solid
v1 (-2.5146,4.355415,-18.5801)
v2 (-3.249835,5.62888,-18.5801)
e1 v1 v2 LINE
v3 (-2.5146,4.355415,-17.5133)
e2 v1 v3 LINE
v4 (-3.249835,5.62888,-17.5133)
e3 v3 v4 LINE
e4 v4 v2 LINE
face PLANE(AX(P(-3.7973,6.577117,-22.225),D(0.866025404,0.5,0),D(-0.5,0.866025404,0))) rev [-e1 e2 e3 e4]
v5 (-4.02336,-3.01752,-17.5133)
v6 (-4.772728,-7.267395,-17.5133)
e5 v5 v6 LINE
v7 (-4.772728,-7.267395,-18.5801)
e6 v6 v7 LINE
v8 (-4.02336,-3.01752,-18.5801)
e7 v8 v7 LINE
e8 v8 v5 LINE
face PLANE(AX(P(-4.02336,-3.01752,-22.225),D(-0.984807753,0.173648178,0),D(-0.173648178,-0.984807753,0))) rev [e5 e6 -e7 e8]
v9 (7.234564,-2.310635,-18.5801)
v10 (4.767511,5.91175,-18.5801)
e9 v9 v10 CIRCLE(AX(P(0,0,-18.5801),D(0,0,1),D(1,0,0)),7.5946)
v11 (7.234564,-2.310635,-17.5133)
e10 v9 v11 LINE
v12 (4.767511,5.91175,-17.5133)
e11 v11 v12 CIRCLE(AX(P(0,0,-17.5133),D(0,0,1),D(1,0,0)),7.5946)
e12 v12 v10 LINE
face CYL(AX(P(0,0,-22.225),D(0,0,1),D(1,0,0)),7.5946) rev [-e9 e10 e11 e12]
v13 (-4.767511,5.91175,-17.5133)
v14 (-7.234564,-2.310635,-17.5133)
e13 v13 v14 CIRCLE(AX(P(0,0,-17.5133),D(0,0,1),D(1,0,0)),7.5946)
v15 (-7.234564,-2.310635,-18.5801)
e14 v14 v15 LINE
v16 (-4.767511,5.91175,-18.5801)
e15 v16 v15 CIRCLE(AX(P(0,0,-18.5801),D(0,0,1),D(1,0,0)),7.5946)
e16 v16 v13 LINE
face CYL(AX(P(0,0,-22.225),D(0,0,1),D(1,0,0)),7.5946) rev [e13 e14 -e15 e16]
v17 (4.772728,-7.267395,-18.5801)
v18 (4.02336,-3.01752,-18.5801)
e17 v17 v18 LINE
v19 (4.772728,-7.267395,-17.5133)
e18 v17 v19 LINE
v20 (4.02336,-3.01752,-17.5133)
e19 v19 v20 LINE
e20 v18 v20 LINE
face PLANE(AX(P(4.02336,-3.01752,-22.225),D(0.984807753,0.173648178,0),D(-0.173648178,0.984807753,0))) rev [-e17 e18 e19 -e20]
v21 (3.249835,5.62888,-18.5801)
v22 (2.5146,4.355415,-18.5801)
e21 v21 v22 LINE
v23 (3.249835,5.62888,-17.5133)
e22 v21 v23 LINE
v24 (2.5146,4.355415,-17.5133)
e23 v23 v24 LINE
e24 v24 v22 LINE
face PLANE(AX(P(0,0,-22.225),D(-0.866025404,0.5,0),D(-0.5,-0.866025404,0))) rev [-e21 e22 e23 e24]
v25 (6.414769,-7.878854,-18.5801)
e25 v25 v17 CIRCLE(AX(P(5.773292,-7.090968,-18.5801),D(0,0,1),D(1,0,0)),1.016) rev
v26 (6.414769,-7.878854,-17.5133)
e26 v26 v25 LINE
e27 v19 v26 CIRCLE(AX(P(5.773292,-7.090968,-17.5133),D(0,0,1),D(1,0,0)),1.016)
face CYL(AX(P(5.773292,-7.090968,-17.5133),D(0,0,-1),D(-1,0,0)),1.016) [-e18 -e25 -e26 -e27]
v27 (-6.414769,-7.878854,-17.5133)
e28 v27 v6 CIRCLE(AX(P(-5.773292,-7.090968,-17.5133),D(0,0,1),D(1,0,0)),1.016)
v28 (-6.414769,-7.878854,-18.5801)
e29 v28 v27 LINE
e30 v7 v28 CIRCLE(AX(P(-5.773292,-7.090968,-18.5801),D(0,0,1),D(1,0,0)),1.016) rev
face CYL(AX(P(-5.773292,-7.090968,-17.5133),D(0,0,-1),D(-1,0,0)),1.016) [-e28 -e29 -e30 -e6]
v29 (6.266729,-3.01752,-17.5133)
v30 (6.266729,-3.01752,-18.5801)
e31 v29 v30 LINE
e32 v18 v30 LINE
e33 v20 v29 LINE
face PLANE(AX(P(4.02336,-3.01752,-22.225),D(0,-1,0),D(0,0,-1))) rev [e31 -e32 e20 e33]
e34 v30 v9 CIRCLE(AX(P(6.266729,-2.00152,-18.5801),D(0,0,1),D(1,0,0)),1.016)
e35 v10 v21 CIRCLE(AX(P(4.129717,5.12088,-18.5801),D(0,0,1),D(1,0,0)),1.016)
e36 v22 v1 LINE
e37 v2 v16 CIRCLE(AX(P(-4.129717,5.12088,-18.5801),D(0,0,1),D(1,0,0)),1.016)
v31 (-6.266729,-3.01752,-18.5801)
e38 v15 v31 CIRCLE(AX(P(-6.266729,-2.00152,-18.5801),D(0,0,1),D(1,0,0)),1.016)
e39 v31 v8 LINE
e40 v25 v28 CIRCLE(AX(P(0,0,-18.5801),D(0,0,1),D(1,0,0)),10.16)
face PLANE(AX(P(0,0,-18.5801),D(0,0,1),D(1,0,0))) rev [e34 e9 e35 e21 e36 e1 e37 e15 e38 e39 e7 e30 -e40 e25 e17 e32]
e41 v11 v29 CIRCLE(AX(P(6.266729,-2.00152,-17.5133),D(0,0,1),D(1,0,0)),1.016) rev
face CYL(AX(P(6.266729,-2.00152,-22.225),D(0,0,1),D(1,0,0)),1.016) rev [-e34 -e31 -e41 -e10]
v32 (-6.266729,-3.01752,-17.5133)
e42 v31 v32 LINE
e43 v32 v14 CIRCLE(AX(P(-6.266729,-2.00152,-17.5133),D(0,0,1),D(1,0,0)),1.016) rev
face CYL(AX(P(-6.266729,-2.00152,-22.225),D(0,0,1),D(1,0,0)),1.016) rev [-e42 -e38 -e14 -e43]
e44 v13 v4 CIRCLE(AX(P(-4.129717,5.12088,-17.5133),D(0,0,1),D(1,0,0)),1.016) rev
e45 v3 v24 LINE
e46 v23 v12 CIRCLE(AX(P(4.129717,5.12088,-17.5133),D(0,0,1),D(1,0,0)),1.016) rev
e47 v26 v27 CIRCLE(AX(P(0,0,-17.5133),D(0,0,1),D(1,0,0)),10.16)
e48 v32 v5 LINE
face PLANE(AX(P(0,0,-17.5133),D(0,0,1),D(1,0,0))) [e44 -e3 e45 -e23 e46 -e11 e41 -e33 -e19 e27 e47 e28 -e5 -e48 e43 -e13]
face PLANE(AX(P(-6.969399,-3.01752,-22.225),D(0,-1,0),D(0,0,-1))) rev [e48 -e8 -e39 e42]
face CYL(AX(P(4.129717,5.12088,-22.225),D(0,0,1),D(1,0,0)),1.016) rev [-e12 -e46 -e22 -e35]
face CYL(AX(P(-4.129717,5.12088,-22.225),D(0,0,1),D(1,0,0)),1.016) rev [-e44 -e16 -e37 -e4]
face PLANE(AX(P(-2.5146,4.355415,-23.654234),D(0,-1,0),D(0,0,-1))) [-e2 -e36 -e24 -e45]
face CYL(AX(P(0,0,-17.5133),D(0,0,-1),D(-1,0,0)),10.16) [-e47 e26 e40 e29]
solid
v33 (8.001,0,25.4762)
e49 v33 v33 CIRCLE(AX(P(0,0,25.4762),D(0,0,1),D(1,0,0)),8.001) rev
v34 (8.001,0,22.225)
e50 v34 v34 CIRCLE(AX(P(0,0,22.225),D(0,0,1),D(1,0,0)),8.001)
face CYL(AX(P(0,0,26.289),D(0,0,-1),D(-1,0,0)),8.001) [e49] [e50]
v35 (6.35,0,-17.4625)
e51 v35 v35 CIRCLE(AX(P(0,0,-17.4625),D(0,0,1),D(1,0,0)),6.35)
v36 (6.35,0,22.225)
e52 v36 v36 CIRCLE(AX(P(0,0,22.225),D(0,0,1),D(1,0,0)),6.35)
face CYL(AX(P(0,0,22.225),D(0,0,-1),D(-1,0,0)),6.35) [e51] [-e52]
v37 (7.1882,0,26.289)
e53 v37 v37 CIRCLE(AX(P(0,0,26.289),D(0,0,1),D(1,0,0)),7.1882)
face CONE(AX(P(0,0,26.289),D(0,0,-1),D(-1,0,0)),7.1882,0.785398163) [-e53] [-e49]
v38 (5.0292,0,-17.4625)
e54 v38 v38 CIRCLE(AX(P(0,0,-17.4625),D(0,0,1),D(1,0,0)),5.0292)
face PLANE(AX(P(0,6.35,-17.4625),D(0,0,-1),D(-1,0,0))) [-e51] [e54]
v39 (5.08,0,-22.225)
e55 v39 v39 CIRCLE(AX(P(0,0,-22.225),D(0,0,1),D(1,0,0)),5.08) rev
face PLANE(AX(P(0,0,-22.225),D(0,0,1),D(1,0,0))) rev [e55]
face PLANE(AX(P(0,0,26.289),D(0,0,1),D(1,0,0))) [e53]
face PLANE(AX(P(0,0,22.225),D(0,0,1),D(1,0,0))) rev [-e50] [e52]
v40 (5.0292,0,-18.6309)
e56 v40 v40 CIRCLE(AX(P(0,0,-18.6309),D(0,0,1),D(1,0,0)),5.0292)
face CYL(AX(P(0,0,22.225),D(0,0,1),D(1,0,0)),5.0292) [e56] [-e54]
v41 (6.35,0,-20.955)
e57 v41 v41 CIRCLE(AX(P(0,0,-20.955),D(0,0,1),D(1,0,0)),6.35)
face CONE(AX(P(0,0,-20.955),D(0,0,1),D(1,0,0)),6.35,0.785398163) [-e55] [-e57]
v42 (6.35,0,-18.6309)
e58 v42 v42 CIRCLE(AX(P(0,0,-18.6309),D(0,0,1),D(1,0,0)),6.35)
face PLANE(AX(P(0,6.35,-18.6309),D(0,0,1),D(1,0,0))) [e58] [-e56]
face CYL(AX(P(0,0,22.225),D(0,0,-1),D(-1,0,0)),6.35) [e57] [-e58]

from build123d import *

# Parameters (mm, degrees)
SKETCH2_R      = 6.35
EXTRUDE1_DEPTH = 22.225
SKETCH3_W      = 1.1684
SKETCH3_H      = 1.3208
SKETCH8_R      = 8.001
EXTRUDE6_DEPTH = 4.064
CHAMFER2_SIZE  = 0.8128
SKETCH4_R      = 10.16
SKETCH4_R_2    = 5.0292
EXTRUDE2_DEPTH = 0.5334
EXTRUDE4_DEPTH = 23.225
EXTRUDE5_DEPTH = 1.0668
FILLET1_R      = 1.016
CHAMFER1_SIZE  = 1.27


with BuildPart() as part:
    # Sketch2 → Extrude1 (new body, symmetric)
    with BuildSketch(Plane.XY):
        Circle(SKETCH2_R)
    extrude(amount=EXTRUDE1_DEPTH, both=True)

    # Sketch3 → Cut-Revolve1 (revolve, cut)
    with BuildSketch(Plane(origin=(0, 0, 0), x_dir=(0, 0, -1), z_dir=(1, 0, 0))):
        with Locations((18.0467, 5.6896)):
            Rectangle(SKETCH3_W, SKETCH3_H)
    revolve(axis=Axis((0, 0, 22.225), (0, 0, -1)), mode=Mode.SUBTRACT)

    # Sketch8 → Extrude6 (add)
    with BuildSketch(Plane.XY.offset(22.225)):
        Circle(SKETCH8_R)
    extrude(amount=EXTRUDE6_DEPTH)

    # Chamfer2
    chamfer2_edges = [part.edges().sort_by_distance(p)[0] for p in [
        (-8.001, 0, 26.289),
    ]]
    chamfer(chamfer2_edges, length=CHAMFER2_SIZE)

    # Chamfer1
    chamfer1_edges = [part.edges().sort_by_distance(p)[0] for p in [
        (-6.35, 0, -22.225),
    ]]
    chamfer(chamfer1_edges, length=CHAMFER1_SIZE)


with BuildPart() as body_2:
    # Sketch4 → Extrude2 (new body, symmetric)
    with BuildSketch(Plane.XY.offset(-18.0467)):
        Circle(SKETCH4_R)
        Circle(SKETCH4_R_2, mode=Mode.SUBTRACT)
    extrude(amount=EXTRUDE2_DEPTH, both=True)

    # Sketch5 → Extrude4 (cut, through all)
    with BuildSketch(Plane.XY):
        with BuildLine():
            Line((-3.7973, 6.577116532), (0, 0))
            Line((0, 0), (3.7973, 6.577116532))
            ThreePointArc((3.7973, 6.577116532), (7.210736044, 2.383953619), (6.969398985, -3.01752))
            Line((6.969398985, -3.01752), (4.02336, -3.01752))
            Line((4.02336, -3.01752), (5.04618595, -8.818254213))
            ThreePointArc((5.04618595, -8.818254213), (0, -10.16), (-5.04618595, -8.818254213))
            Line((-5.04618595, -8.818254213), (-4.02336, -3.01752))
            Line((-4.02336, -3.01752), (-6.969398985, -3.01752))
            ThreePointArc((-6.969398985, -3.01752), (-7.210736044, 2.383953619), (-3.7973, 6.577116532))
        make_face()
    extrude(amount=-EXTRUDE4_DEPTH, mode=Mode.SUBTRACT)

    # Sketch6 → Extrude5 (add)
    with BuildSketch(Plane.XY.offset(-17.5133)):
        with BuildLine():
            Line((-2.5146, 4.355414961), (2.5146, 4.355414961))
            ThreePointArc((2.5146, 4.355414961), (0, 5.0292), (-2.5146, 4.355414961))
        make_face()
    extrude(amount=-EXTRUDE5_DEPTH)

    # Fillet1
    fillet1_edges = [body_2.edges().sort_by_distance(p)[0] for p in [
        (3.7973, 6.577116532, -18.0467),
        (5.04618595, -8.818254213, -18.0467),
        (-6.969398985, -3.01752, -18.0467),
        (6.969398985, -3.01752, -18.0467),
        (-5.04618595, -8.818254213, -18.0467),
        (-3.7973, 6.577116532, -18.0467),
    ]]
    fillet(fillet1_edges, radius=FILLET1_R)


solid = Compound([part.part, body_2.part])
